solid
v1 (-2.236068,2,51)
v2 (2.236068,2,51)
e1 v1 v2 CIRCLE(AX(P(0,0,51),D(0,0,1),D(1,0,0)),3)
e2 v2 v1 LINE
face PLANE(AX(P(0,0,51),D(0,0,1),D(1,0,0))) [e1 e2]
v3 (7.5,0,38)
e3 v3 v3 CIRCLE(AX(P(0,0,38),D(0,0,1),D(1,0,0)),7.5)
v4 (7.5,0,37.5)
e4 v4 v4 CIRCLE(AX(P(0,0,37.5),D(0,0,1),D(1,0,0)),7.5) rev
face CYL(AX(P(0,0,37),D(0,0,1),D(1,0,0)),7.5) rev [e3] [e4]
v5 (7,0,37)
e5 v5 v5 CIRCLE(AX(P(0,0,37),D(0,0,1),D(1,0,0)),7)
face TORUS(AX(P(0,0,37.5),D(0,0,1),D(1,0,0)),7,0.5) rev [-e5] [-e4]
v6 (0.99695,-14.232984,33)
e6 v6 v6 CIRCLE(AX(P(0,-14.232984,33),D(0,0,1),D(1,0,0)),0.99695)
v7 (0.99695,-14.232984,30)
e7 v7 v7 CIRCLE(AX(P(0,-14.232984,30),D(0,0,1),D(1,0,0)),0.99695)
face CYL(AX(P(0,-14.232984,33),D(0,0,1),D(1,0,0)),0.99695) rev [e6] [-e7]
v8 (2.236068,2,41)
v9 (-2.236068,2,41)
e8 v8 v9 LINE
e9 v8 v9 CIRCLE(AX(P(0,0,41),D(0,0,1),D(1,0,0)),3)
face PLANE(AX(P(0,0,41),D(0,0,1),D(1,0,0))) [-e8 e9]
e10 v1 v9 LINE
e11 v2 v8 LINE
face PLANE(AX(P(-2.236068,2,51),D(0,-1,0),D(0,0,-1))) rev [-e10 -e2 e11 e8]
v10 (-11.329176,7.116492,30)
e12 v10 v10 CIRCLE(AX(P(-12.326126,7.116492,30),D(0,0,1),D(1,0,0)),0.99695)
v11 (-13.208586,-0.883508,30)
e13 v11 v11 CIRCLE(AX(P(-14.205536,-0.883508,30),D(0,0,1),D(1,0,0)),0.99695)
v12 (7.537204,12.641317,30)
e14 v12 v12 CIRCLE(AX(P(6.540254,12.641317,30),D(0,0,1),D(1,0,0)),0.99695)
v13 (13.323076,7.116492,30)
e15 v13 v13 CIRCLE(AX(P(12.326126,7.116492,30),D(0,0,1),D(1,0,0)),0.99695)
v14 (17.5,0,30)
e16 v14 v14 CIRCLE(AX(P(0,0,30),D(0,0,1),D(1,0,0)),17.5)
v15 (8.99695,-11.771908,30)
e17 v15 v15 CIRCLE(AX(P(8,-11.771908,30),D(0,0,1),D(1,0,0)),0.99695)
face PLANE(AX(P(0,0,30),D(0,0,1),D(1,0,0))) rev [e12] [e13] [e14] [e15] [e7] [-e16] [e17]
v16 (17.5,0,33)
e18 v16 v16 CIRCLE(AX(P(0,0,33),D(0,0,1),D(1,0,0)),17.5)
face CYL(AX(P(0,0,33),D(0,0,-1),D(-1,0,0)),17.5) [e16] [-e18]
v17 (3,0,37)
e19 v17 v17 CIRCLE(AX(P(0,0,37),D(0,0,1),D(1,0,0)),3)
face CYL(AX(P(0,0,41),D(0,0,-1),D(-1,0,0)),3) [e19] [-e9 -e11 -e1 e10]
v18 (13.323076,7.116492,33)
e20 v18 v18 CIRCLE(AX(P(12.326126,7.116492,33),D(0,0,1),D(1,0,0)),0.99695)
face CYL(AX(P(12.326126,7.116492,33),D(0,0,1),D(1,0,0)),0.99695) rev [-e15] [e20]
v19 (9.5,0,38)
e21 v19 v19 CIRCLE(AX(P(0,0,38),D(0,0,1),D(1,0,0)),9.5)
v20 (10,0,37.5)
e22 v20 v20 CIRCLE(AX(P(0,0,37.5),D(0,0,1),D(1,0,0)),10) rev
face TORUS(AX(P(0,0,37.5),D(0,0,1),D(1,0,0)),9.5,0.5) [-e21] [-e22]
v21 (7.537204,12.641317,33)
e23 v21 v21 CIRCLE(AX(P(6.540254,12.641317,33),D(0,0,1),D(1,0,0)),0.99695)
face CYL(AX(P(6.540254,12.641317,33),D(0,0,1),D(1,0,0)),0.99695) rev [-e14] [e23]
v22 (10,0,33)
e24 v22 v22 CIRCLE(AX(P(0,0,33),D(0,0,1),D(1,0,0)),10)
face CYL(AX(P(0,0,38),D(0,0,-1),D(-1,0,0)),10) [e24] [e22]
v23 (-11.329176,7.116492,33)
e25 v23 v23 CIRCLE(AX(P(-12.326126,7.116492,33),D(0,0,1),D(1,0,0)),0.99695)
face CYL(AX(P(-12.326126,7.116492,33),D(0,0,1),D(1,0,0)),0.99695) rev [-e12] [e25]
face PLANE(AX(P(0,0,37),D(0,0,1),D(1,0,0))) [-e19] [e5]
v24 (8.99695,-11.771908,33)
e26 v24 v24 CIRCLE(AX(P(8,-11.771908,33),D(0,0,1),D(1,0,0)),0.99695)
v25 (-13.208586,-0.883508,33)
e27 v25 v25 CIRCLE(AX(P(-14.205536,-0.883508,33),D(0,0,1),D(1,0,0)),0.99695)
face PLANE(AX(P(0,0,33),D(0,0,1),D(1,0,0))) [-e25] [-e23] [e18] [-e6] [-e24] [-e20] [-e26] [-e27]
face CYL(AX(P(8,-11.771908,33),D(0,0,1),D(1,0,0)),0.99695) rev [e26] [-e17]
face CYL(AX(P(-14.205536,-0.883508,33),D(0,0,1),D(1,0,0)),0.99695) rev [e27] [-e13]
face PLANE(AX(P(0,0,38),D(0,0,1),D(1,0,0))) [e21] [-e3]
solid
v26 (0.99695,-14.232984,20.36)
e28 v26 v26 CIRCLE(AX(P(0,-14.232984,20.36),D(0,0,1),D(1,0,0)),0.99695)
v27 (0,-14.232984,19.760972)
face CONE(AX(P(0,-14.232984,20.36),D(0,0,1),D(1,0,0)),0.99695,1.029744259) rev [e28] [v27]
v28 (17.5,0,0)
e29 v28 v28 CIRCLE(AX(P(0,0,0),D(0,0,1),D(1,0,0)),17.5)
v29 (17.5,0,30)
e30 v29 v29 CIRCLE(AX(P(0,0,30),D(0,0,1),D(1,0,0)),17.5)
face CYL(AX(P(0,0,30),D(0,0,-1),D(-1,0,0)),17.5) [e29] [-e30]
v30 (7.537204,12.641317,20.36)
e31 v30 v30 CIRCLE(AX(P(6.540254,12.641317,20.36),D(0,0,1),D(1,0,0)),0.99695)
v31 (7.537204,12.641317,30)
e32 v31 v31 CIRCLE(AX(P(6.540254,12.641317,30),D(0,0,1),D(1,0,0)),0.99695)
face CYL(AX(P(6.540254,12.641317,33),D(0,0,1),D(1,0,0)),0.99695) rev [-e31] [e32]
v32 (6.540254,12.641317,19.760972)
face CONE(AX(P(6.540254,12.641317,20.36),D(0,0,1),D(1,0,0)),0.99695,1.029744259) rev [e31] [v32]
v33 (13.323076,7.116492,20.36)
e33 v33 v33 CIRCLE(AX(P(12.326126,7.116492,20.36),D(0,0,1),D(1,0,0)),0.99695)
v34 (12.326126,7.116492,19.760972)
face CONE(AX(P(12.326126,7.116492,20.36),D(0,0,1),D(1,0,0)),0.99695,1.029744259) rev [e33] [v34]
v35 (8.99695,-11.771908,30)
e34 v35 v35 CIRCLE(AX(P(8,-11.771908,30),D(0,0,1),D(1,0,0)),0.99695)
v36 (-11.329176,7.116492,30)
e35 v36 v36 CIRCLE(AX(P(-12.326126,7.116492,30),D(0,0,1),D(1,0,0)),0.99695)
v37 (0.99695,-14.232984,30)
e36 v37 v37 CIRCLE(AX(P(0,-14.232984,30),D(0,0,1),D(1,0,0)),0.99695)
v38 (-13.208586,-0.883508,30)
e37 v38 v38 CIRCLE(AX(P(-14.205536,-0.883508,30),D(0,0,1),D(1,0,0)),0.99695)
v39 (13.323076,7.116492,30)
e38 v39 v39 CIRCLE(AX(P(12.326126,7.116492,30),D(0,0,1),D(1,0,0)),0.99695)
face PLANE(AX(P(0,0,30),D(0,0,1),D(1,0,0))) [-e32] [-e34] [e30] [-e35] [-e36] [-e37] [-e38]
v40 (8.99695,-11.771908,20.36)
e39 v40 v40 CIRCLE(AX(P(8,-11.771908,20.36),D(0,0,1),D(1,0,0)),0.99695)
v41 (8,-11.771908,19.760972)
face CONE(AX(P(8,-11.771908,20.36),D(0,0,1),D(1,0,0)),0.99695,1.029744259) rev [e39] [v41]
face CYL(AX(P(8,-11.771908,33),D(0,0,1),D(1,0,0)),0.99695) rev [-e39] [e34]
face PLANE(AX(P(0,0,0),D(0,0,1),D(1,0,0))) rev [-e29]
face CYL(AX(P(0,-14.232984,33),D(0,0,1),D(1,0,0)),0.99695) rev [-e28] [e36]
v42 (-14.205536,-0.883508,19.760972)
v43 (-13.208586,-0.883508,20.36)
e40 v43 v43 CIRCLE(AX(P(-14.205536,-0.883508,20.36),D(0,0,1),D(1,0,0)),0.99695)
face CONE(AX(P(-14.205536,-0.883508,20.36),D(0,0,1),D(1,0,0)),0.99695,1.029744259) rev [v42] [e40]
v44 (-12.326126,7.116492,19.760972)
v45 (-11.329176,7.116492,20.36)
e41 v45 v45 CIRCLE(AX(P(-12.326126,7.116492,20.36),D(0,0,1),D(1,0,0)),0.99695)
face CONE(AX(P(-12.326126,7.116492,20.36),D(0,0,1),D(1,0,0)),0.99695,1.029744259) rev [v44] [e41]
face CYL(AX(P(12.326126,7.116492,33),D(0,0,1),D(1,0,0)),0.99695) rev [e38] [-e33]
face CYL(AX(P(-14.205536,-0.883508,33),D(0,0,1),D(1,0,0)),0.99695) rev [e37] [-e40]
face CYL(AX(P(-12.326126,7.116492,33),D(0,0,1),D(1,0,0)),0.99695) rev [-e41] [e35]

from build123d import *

# Parameters (mm, degrees)
SKETCH_1_R                    = 17.5
EXTRUDE_2_DEPTH               = 30
SKETCH_4_R                    = 17.5
EXTRUDE_4_DEPTH               = 3
SKETCH_5_R                    = 10
EXTRUDE_5_DEPTH               = 5
SKETCH_6_R                    = 7.5
CUT_EXTRUDE_1_DEPTH           = 1
FILLET_1_R                    = 0.5
SKETCH_7_R                    = 3
EXTRUDE_6_DEPTH               = 4
EXTRUDE_7_DEPTH               = 10
FILLET_2_R                    = 0.5
HOLE_WIZARD_3_48_1_AT_2_COUNT = 2
HOLE_WIZARD_3_48_1_AT_2_PITCH = 8.369999526
HOLE_WIZARD_3_48_1_AT_3_COUNT = 2
HOLE_WIZARD_3_48_1_AT_3_PITCH = 24.652251018
HOLE_WIZARD_3_48_1_AT_4_COUNT = 2
HOLE_WIZARD_3_48_1_AT_4_PITCH = 27.658687205
HOLE_WIZARD_3_48_1_AT_5_COUNT = 2
HOLE_WIZARD_3_48_1_AT_5_PITCH = 24.652251018
HOLE_WIZARD_3_48_1_AT_6_COUNT = 2
HOLE_WIZARD_3_48_1_AT_6_PITCH = 19.493735919


with BuildPart() as part:
    # 草图1 → 凸台-拉伸2 (new body)
    with BuildSketch(Plane.XY):
        Circle(SKETCH_1_R)
    extrude(amount=EXTRUDE_2_DEPTH)


with BuildPart() as body_2:
    # 草图4 → 凸台-拉伸4 (new body)
    with BuildSketch(Plane.XY.offset(30)):
        Circle(SKETCH_4_R)
    extrude(amount=EXTRUDE_4_DEPTH)

    # 草图5 → 凸台-拉伸5 (add)
    with BuildSketch(Plane.XY.offset(33)):
        Circle(SKETCH_5_R)
    extrude(amount=EXTRUDE_5_DEPTH)

    # 草图6 → 切除-拉伸1 (cut)
    with BuildSketch(Plane.XY.offset(38)):
        Circle(SKETCH_6_R)
    extrude(amount=-CUT_EXTRUDE_1_DEPTH, mode=Mode.SUBTRACT)

    # 圆角1
    fillet_1_edges = [body_2.edges().sort_by_distance(p)[0] for p in [
        (-7.5, 0, 37),
    ]]
    fillet(fillet_1_edges, radius=FILLET_1_R)

    # 草图7 → 凸台-拉伸6 (add)
    with BuildSketch(Plane.XY.offset(37)):
        Circle(SKETCH_7_R)
    extrude(amount=EXTRUDE_6_DEPTH)

    # 草图8 → 凸台-拉伸7 (add)
    with BuildSketch(Plane.XY.offset(41)):
        with BuildLine():
            Line((-2.236067977, 2), (2.236067977, 2))
            ThreePointArc((2.236067977, 2), (0, -3), (-2.236067977, 2))
        make_face()
    extrude(amount=EXTRUDE_7_DEPTH)

    # 圆角2
    fillet_2_edges = [body_2.edges().sort_by_distance(p)[0] for p in [
        (-10, 0, 38),
    ]]
    fillet(fillet_2_edges, radius=FILLET_2_R)


with BuildPart() as hole_wizard_3_48_1_tool:
    # 草图21 → #3-48 螺纹孔1 (revolve)
    with BuildSketch(Plane(origin=(0, -14.232983761, 33), x_dir=(0, -1, 0), z_dir=(1, 0, 0))):
        Polygon((0, 0), (0, 13.239027994), (0.99695, 12.64), (0.99695, 0), align=None)
    hole_wizard_3_48_1 = revolve(axis=Axis((0, -14.232983761, 39.35), (0, 0, -1)))


with BuildPart() as part_1:
    add(part.part)

    # #3-48 螺纹孔1: cut by hole_wizard_3_48_1_tool
    add(hole_wizard_3_48_1_tool.part, mode=Mode.SUBTRACT)


with BuildPart() as body_2_1:
    add(body_2.part)

    # #3-48 螺纹孔1: cut by hole_wizard_3_48_1_tool
    add(hole_wizard_3_48_1_tool.part, mode=Mode.SUBTRACT)


with BuildPart() as hole_wizard_3_48_1_at_2_tool:
    # #3-48 螺纹孔1 at 2: #3-48 螺纹孔1 ×2
    with Locations(*[Vector(0.9557945583075804, 0.2940353079302168, 0) * (i * HOLE_WIZARD_3_48_1_AT_2_PITCH) for i in range(1, HOLE_WIZARD_3_48_1_AT_2_COUNT)]):
        add(hole_wizard_3_48_1)


with BuildPart() as part_2:
    add(part_1.part)

    # #3-48 螺纹孔1 at 2: cut by hole_wizard_3_48_1_at_2_tool
    add(hole_wizard_3_48_1_at_2_tool.part, mode=Mode.SUBTRACT)


with BuildPart() as body_2_2:
    add(body_2_1.part)

    # #3-48 螺纹孔1 at 2: cut by hole_wizard_3_48_1_at_2_tool
    add(hole_wizard_3_48_1_at_2_tool.part, mode=Mode.SUBTRACT)


with BuildPart() as hole_wizard_3_48_1_at_3_tool:
    # #3-48 螺纹孔1 at 3: #3-48 螺纹孔1 ×2
    with Locations(*[Vector(0.500000000000004, 0.8660254037844364, 0) * (i * HOLE_WIZARD_3_48_1_AT_3_PITCH) for i in range(1, HOLE_WIZARD_3_48_1_AT_3_COUNT)]):
        add(hole_wizard_3_48_1)


with BuildPart() as part_3:
    add(part_2.part)

    # #3-48 螺纹孔1 at 3: cut by hole_wizard_3_48_1_at_3_tool
    add(hole_wizard_3_48_1_at_3_tool.part, mode=Mode.SUBTRACT)


with BuildPart() as body_2_3:
    add(body_2_2.part)

    # #3-48 螺纹孔1 at 3: cut by hole_wizard_3_48_1_at_3_tool
    add(hole_wizard_3_48_1_at_3_tool.part, mode=Mode.SUBTRACT)


with BuildPart() as hole_wizard_3_48_1_at_4_tool:
    # #3-48 螺纹孔1 at 4: #3-48 螺纹孔1 ×2
    with Locations(*[Vector(0.23646293387508172, 0.9716405101184228, 0) * (i * HOLE_WIZARD_3_48_1_AT_4_PITCH) for i in range(1, HOLE_WIZARD_3_48_1_AT_4_COUNT)]):
        add(hole_wizard_3_48_1)


with BuildPart() as part_4:
    add(part_3.part)

    # #3-48 螺纹孔1 at 4: cut by hole_wizard_3_48_1_at_4_tool
    add(hole_wizard_3_48_1_at_4_tool.part, mode=Mode.SUBTRACT)


with BuildPart() as body_2_4:
    add(body_2_3.part)

    # #3-48 螺纹孔1 at 4: cut by hole_wizard_3_48_1_at_4_tool
    add(hole_wizard_3_48_1_at_4_tool.part, mode=Mode.SUBTRACT)


with BuildPart() as hole_wizard_3_48_1_at_5_tool:
    # #3-48 螺纹孔1 at 5: #3-48 螺纹孔1 ×2
    with Locations(*[Vector(-0.5000000000000041, 0.8660254037844364, 0) * (i * HOLE_WIZARD_3_48_1_AT_5_PITCH) for i in range(1, HOLE_WIZARD_3_48_1_AT_5_COUNT)]):
        add(hole_wizard_3_48_1)


with BuildPart() as part_5:
    add(part_4.part)

    # #3-48 螺纹孔1 at 5: cut by hole_wizard_3_48_1_at_5_tool
    add(hole_wizard_3_48_1_at_5_tool.part, mode=Mode.SUBTRACT)


with BuildPart() as body_2_5:
    add(body_2_4.part)

    # #3-48 螺纹孔1 at 5: cut by hole_wizard_3_48_1_at_5_tool
    add(hole_wizard_3_48_1_at_5_tool.part, mode=Mode.SUBTRACT)


with BuildPart() as hole_wizard_3_48_1_at_6_tool:
    # #3-48 螺纹孔1 at 6: #3-48 螺纹孔1 ×2
    with Locations(*[Vector(-0.7287230936851111, 0.6848084788683628, 0) * (i * HOLE_WIZARD_3_48_1_AT_6_PITCH) for i in range(1, HOLE_WIZARD_3_48_1_AT_6_COUNT)]):
        add(hole_wizard_3_48_1)


with BuildPart() as part_6:
    add(part_5.part)

    # #3-48 螺纹孔1 at 6: cut by hole_wizard_3_48_1_at_6_tool
    add(hole_wizard_3_48_1_at_6_tool.part, mode=Mode.SUBTRACT)


with BuildPart() as body_2_6:
    add(body_2_5.part)

    # #3-48 螺纹孔1 at 6: cut by hole_wizard_3_48_1_at_6_tool
    add(hole_wizard_3_48_1_at_6_tool.part, mode=Mode.SUBTRACT)


solid = Compound([part_6.part, body_2_6.part])
